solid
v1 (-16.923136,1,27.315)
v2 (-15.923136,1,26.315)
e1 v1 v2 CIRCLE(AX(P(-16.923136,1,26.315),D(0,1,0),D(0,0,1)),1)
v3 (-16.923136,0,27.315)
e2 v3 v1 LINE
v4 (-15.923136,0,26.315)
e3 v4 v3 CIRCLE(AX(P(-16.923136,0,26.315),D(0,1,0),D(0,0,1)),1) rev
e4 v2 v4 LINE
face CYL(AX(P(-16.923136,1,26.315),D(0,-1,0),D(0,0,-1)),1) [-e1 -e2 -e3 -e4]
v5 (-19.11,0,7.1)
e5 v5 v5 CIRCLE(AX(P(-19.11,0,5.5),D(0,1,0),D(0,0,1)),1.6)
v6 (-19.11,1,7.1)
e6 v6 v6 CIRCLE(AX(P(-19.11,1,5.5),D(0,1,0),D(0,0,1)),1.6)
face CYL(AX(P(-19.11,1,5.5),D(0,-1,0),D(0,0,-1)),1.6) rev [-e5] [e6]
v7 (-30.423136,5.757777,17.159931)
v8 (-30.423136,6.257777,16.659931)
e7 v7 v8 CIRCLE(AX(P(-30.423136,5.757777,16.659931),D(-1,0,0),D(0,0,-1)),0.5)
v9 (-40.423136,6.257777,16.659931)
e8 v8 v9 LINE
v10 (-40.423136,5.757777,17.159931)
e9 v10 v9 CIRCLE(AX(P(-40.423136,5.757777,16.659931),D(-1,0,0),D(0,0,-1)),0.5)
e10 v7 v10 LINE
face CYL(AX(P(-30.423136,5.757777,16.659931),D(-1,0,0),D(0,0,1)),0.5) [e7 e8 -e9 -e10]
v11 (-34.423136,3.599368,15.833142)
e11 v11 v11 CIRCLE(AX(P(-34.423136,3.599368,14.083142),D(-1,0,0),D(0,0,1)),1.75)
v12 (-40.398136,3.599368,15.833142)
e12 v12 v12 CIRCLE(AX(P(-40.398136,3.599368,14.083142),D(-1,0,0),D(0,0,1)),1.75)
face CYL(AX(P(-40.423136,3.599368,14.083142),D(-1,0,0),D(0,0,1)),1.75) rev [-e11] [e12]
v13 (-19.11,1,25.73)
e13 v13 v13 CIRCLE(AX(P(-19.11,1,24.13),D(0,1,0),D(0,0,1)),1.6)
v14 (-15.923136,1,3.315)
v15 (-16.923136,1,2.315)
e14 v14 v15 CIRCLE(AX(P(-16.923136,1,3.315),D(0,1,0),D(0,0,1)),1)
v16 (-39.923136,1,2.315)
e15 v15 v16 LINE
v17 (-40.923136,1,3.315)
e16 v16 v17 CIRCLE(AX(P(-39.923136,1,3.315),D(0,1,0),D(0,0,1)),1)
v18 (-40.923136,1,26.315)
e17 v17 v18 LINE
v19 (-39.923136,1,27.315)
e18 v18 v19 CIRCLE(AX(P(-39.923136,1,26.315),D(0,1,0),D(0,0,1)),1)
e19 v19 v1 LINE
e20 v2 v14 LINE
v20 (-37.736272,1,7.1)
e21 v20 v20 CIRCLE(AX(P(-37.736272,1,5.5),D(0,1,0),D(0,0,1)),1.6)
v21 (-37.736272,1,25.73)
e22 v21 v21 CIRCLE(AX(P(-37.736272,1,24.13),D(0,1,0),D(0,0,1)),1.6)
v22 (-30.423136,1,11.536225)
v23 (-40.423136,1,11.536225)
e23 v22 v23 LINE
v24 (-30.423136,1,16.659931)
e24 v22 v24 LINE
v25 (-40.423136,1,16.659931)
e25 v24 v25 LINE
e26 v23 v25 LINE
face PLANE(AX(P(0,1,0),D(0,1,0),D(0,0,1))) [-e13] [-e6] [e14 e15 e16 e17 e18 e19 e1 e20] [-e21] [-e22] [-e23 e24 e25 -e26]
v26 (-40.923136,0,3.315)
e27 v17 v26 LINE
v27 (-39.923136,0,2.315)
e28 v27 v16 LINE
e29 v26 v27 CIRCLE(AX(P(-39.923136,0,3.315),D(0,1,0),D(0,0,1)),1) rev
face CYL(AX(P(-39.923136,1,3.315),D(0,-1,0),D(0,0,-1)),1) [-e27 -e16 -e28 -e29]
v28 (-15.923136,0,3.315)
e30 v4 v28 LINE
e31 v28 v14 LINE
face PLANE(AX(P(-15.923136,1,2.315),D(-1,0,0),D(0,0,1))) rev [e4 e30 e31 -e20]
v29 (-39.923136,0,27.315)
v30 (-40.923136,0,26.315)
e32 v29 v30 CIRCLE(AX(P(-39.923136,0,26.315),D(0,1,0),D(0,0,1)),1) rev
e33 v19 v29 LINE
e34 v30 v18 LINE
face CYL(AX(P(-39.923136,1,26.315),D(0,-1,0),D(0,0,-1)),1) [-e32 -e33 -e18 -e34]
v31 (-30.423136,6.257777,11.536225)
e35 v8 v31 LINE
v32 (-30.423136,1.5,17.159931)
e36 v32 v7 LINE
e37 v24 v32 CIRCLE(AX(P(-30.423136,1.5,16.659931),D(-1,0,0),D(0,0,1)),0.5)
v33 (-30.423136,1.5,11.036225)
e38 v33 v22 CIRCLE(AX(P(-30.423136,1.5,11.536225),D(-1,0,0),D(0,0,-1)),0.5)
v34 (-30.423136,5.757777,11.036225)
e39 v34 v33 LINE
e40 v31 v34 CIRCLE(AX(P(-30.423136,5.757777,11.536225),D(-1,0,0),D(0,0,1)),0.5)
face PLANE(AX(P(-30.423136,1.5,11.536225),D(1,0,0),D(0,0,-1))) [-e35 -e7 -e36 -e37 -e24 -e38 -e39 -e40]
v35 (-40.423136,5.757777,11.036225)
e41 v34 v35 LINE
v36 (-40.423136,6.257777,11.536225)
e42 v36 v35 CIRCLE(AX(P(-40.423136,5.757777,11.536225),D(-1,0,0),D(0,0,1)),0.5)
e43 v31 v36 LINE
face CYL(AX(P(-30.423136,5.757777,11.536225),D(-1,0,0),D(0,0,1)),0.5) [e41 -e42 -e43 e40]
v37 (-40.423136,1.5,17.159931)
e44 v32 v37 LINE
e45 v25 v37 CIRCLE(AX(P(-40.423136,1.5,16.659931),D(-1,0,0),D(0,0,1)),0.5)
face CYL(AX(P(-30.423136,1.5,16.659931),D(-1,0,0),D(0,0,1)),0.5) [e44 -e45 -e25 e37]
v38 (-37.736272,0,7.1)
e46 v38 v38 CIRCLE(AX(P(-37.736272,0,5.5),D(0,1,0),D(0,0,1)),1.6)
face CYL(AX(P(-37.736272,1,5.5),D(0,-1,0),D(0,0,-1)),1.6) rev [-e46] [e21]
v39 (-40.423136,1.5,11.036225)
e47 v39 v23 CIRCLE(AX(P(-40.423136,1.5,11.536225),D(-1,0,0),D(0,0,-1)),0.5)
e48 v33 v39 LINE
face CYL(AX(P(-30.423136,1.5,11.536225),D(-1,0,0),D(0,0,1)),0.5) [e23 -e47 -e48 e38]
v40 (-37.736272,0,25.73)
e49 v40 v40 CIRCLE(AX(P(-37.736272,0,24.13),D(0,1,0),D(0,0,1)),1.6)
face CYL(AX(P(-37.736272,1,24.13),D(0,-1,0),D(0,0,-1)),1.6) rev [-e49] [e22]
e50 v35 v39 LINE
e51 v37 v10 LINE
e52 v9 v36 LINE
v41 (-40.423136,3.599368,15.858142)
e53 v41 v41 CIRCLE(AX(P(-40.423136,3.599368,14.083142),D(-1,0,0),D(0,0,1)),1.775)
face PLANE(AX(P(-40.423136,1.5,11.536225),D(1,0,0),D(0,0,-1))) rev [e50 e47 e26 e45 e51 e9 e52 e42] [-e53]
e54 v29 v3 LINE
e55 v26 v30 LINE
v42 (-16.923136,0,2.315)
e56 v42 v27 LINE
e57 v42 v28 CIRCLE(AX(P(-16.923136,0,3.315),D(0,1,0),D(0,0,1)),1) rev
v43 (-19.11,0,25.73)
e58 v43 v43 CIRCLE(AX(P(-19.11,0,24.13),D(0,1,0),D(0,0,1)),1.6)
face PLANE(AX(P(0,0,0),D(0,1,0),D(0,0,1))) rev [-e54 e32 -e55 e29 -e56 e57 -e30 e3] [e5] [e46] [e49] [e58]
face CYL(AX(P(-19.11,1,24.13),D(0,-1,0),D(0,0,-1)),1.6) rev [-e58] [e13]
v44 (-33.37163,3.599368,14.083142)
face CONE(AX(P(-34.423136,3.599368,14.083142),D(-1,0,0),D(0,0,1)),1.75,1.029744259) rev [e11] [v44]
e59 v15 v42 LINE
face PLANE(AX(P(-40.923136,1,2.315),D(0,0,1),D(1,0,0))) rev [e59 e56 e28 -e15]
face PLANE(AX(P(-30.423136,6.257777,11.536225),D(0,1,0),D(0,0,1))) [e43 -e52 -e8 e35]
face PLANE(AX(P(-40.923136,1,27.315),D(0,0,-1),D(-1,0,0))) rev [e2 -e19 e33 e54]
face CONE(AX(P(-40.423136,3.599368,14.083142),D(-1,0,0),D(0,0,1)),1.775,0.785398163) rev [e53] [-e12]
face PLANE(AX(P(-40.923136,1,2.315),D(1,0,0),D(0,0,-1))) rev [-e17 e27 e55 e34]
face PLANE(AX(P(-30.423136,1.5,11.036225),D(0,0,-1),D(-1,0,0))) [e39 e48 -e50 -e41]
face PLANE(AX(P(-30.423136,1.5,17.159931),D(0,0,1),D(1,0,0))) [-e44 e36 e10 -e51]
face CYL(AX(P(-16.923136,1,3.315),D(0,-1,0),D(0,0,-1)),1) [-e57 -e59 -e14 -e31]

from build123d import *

# Parameters (mm, degrees)
SKETCH_2_W                        = 25
SKETCH_2_H                        = 25
SKETCH_2_R                        = 1.6
EXTRUDE_1_DEPTH                   = 1
FILLET_1_R                        = 1
EXTRUDE_START                     = -0.5
EXTRUDE_2_DEPTH                   = 10
HOLE_WIZARD_3_5_3_5_1_D           = 3.5
HOLE_WIZARD_3_5_3_5_1_DEPTH       = 6
HOLE_WIZARD_3_5_3_5_1_CSINK_D     = 3.55
HOLE_WIZARD_3_5_3_5_1_CSINK_ANGLE = 90
HOLE_WIZARD_3_5_3_5_1_TIP         = 1.051506083


with BuildPart() as part:
    # 스케치2 → 보스-돌출1 (new body)
    with BuildSketch(Plane(origin=(0, 0, 0), x_dir=(1, 0, 0), z_dir=(0, 1, 0))):
        with Locations((-28.42313588, -14.815)):
            Rectangle(SKETCH_2_W, SKETCH_2_H)
        with Locations(Location((-19.11, -24.13, 0), (0, 0, 270))):
            Circle(SKETCH_2_R, mode=Mode.SUBTRACT)
        with Locations(Location((-37.73627176, -24.13, 0), (0, 0, 270))):
            Circle(SKETCH_2_R, mode=Mode.SUBTRACT)
        with Locations(Location((-37.73627176, -5.5, 0), (0, 0, 270))):
            Circle(SKETCH_2_R, mode=Mode.SUBTRACT)
        with Locations(Location((-19.11, -5.5, 0), (0, 0, 270))):
            Circle(SKETCH_2_R, mode=Mode.SUBTRACT)
    extrude(amount=EXTRUDE_1_DEPTH)

    # 필렛1
    fillet_1_edges = [part.edges().sort_by_distance(p)[0] for p in [
        (-15.92313588, 0.5, 27.315),
        (-40.92313588, 0.5, 27.315),
        (-40.92313588, 0.5, 2.315),
        (-15.92313588, 0.5, 2.315),
    ]]
    fillet(fillet_1_edges, radius=FILLET_1_R)

    # 스케치4 → 보스-돌출2 (add)
    with BuildSketch(Plane.ZY.offset(40.92313588).offset(EXTRUDE_START)):
        with BuildLine():
            Line((11.536225379, 1), (16.659931287, 1))
            ThreePointArc((16.659931287, 1), (17.013484677, 1.146446609), (17.159931287, 1.5))
            Line((17.159931287, 1.5), (17.159931287, 5.75777714))
            ThreePointArc((17.159931287, 5.75777714), (17.013484677, 6.111330531), (16.659931287, 6.25777714))
            Line((16.659931287, 6.25777714), (11.536225379, 6.25777714))
            ThreePointArc((11.536225379, 6.25777714), (11.182671988, 6.111330531), (11.036225379, 5.75777714))
            Line((11.036225379, 5.75777714), (11.036225379, 1.5))
            ThreePointArc((11.036225379, 1.5), (11.182671988, 1.146446609), (11.536225379, 1))
        make_face()
    extrude(amount=-EXTRUDE_2_DEPTH)

    # Ø3.5 (3.5) 지름 구멍1
    with Locations(Plane.ZY.offset(40.42313588)):
        with Locations((14.083142465, 3.599368414)):
            CounterSinkHole(HOLE_WIZARD_3_5_3_5_1_D / 2, HOLE_WIZARD_3_5_3_5_1_CSINK_D / 2, depth=HOLE_WIZARD_3_5_3_5_1_DEPTH, counter_sink_angle=HOLE_WIZARD_3_5_3_5_1_CSINK_ANGLE)
            with Locations((0, 0, -(HOLE_WIZARD_3_5_3_5_1_DEPTH + HOLE_WIZARD_3_5_3_5_1_TIP / 2))):  # 118° drill point
                Cone(0, HOLE_WIZARD_3_5_3_5_1_D / 2, HOLE_WIZARD_3_5_3_5_1_TIP, mode=Mode.SUBTRACT)


solid = part.part
